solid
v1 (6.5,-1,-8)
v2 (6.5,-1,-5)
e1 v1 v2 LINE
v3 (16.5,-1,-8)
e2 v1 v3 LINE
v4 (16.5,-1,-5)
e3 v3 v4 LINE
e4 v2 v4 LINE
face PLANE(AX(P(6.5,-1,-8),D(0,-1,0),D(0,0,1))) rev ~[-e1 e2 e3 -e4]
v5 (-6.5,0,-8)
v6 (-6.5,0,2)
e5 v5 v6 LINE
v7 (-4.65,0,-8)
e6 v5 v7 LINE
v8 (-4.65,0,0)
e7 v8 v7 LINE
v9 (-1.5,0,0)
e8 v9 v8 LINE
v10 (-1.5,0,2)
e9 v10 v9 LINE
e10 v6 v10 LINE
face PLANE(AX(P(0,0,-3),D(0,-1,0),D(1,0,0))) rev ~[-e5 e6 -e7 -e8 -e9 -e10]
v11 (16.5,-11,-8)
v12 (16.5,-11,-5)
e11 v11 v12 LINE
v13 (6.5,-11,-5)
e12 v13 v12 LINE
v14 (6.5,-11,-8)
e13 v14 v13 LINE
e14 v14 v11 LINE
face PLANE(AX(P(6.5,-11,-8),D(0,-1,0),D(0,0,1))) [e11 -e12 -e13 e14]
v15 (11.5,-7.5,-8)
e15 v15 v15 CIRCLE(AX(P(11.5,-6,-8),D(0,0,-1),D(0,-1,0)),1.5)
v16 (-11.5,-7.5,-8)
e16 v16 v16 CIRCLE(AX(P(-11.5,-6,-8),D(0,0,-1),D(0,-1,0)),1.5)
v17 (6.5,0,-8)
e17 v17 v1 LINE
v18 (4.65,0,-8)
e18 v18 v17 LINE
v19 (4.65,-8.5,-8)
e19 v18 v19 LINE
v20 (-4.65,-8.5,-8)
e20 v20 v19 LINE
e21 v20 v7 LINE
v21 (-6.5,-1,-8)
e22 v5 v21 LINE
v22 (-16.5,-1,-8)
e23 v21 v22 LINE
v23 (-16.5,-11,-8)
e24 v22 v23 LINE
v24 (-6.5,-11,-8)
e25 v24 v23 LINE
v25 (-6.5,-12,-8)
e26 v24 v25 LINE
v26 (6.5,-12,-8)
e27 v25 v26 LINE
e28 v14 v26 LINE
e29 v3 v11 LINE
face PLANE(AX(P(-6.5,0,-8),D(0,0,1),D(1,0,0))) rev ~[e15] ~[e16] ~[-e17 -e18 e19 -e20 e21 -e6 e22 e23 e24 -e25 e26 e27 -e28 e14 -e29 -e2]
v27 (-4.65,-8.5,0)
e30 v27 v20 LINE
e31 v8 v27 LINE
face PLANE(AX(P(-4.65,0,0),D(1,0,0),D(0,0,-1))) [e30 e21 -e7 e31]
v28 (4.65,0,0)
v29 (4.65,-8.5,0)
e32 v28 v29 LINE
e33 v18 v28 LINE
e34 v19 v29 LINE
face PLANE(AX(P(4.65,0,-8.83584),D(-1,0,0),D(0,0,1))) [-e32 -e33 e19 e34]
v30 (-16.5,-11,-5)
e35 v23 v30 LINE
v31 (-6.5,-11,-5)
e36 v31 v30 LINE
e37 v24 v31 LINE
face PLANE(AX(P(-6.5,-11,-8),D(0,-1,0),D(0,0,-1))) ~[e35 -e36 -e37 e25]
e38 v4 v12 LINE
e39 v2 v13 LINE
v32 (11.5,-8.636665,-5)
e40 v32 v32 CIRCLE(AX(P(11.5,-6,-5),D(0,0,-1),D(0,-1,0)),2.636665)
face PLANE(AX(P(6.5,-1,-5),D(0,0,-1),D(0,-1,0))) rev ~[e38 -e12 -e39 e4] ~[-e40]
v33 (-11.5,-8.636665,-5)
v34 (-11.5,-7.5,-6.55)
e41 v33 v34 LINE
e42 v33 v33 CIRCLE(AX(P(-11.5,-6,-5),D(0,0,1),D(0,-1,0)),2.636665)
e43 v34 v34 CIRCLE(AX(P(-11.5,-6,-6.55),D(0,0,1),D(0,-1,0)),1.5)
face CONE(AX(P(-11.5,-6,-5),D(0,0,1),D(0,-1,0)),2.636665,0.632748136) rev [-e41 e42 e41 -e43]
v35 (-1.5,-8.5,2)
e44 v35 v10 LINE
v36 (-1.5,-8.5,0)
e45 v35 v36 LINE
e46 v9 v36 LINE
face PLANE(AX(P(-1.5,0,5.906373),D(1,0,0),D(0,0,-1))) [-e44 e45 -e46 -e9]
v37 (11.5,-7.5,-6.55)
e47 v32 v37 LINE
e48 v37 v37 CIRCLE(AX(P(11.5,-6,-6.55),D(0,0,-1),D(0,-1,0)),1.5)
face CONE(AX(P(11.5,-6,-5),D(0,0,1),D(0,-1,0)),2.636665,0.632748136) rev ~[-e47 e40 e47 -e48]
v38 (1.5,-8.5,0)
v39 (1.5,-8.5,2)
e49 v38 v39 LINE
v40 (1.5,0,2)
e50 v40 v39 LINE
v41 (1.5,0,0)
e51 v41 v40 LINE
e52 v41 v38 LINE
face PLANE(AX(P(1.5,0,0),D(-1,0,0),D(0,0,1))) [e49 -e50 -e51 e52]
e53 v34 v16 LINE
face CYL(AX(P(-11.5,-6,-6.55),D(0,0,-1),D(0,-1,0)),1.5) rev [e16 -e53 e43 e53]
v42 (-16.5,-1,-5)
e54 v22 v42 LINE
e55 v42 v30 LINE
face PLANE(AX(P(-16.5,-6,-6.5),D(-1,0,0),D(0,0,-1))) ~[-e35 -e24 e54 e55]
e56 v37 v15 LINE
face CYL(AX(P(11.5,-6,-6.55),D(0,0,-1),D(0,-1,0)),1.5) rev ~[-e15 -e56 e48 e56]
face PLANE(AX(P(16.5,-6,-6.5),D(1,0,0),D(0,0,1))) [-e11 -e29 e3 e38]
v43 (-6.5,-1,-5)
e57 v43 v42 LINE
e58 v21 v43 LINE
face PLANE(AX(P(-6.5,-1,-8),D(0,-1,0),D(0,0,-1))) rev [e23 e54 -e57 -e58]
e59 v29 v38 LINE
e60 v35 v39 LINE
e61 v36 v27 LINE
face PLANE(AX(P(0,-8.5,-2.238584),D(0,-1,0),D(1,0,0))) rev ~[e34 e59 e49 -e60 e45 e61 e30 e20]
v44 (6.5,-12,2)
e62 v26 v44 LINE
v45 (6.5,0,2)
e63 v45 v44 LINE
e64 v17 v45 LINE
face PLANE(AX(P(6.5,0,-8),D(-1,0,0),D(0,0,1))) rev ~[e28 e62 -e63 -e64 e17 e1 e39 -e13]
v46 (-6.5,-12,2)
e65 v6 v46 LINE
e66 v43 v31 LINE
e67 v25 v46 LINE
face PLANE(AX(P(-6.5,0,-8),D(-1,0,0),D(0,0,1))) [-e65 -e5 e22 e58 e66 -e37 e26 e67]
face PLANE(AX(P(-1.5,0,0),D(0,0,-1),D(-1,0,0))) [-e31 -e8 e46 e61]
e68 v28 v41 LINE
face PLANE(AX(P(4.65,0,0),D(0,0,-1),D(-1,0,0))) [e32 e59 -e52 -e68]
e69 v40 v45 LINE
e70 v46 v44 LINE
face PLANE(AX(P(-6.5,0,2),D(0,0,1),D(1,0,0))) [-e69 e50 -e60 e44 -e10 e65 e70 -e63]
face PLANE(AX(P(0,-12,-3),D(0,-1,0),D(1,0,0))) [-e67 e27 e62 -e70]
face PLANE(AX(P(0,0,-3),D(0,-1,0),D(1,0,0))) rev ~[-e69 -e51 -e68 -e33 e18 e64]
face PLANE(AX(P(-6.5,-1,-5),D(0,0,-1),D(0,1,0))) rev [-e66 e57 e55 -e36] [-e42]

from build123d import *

# Parameters (mm, degrees)
SKETCH_W     = 13
SKETCH_H     = 10
PAD_DEPTH    = 12
POCKET_DEPTH = 8.5
SKETCH002_W  = 3
SKETCH002_H  = 10
PAD001_DEPTH = 10


with BuildPart() as part:
    # Sketch → Pad (new body)
    with BuildSketch(Plane.XZ):
        with Locations((0, -3)):
            Rectangle(SKETCH_W, SKETCH_H)
    extrude(amount=PAD_DEPTH)

    # Sketch001 → Pocket (cut)
    with BuildSketch(Plane(origin=(0, 0, 0), x_dir=(-1, 0, 0), z_dir=(0, 1, 0))):
        Polygon((-1.5, 5.906373), (1.5, 5.906373), (1.5, 0), (4.65, 0), (4.65, -8.83584), (-4.65, -8.83584), (-4.65, 0), (-1.5, 0), align=None)
    extrude(amount=-POCKET_DEPTH, mode=Mode.SUBTRACT)

    # Sketch002 (on Face7 of Pocket) → Pad001 (join)
    with BuildSketch(Plane(origin=(6.5, 0, 0), x_dir=(0, 0, 1), z_dir=(1, 0, 0))):
        with Locations((-6.5, 6)):
            Rectangle(SKETCH002_W, SKETCH002_H)
    pad001 = extrude(amount=PAD001_DEPTH)

    # Sketch003 (on DatumPlane) → Groove (revolve, cut)
    with BuildSketch(Plane.YZ.offset(11.5)):
        Polygon((-6, -5), (-8.636665, -5), (-7.5, -6.55), (-7.5, -10.559105), (-6, -10.559105), align=None)
    groove = revolve(axis=Axis((11.5, -6, -3.810725), (0, 0, -1)), mode=Mode.SUBTRACT)

    # Mirrored: Pad001, Groove across YZ
    add(pad001.mirror(Plane.YZ))
    add(groove.mirror(Plane.YZ), mode=Mode.SUBTRACT)


solid = part.part
